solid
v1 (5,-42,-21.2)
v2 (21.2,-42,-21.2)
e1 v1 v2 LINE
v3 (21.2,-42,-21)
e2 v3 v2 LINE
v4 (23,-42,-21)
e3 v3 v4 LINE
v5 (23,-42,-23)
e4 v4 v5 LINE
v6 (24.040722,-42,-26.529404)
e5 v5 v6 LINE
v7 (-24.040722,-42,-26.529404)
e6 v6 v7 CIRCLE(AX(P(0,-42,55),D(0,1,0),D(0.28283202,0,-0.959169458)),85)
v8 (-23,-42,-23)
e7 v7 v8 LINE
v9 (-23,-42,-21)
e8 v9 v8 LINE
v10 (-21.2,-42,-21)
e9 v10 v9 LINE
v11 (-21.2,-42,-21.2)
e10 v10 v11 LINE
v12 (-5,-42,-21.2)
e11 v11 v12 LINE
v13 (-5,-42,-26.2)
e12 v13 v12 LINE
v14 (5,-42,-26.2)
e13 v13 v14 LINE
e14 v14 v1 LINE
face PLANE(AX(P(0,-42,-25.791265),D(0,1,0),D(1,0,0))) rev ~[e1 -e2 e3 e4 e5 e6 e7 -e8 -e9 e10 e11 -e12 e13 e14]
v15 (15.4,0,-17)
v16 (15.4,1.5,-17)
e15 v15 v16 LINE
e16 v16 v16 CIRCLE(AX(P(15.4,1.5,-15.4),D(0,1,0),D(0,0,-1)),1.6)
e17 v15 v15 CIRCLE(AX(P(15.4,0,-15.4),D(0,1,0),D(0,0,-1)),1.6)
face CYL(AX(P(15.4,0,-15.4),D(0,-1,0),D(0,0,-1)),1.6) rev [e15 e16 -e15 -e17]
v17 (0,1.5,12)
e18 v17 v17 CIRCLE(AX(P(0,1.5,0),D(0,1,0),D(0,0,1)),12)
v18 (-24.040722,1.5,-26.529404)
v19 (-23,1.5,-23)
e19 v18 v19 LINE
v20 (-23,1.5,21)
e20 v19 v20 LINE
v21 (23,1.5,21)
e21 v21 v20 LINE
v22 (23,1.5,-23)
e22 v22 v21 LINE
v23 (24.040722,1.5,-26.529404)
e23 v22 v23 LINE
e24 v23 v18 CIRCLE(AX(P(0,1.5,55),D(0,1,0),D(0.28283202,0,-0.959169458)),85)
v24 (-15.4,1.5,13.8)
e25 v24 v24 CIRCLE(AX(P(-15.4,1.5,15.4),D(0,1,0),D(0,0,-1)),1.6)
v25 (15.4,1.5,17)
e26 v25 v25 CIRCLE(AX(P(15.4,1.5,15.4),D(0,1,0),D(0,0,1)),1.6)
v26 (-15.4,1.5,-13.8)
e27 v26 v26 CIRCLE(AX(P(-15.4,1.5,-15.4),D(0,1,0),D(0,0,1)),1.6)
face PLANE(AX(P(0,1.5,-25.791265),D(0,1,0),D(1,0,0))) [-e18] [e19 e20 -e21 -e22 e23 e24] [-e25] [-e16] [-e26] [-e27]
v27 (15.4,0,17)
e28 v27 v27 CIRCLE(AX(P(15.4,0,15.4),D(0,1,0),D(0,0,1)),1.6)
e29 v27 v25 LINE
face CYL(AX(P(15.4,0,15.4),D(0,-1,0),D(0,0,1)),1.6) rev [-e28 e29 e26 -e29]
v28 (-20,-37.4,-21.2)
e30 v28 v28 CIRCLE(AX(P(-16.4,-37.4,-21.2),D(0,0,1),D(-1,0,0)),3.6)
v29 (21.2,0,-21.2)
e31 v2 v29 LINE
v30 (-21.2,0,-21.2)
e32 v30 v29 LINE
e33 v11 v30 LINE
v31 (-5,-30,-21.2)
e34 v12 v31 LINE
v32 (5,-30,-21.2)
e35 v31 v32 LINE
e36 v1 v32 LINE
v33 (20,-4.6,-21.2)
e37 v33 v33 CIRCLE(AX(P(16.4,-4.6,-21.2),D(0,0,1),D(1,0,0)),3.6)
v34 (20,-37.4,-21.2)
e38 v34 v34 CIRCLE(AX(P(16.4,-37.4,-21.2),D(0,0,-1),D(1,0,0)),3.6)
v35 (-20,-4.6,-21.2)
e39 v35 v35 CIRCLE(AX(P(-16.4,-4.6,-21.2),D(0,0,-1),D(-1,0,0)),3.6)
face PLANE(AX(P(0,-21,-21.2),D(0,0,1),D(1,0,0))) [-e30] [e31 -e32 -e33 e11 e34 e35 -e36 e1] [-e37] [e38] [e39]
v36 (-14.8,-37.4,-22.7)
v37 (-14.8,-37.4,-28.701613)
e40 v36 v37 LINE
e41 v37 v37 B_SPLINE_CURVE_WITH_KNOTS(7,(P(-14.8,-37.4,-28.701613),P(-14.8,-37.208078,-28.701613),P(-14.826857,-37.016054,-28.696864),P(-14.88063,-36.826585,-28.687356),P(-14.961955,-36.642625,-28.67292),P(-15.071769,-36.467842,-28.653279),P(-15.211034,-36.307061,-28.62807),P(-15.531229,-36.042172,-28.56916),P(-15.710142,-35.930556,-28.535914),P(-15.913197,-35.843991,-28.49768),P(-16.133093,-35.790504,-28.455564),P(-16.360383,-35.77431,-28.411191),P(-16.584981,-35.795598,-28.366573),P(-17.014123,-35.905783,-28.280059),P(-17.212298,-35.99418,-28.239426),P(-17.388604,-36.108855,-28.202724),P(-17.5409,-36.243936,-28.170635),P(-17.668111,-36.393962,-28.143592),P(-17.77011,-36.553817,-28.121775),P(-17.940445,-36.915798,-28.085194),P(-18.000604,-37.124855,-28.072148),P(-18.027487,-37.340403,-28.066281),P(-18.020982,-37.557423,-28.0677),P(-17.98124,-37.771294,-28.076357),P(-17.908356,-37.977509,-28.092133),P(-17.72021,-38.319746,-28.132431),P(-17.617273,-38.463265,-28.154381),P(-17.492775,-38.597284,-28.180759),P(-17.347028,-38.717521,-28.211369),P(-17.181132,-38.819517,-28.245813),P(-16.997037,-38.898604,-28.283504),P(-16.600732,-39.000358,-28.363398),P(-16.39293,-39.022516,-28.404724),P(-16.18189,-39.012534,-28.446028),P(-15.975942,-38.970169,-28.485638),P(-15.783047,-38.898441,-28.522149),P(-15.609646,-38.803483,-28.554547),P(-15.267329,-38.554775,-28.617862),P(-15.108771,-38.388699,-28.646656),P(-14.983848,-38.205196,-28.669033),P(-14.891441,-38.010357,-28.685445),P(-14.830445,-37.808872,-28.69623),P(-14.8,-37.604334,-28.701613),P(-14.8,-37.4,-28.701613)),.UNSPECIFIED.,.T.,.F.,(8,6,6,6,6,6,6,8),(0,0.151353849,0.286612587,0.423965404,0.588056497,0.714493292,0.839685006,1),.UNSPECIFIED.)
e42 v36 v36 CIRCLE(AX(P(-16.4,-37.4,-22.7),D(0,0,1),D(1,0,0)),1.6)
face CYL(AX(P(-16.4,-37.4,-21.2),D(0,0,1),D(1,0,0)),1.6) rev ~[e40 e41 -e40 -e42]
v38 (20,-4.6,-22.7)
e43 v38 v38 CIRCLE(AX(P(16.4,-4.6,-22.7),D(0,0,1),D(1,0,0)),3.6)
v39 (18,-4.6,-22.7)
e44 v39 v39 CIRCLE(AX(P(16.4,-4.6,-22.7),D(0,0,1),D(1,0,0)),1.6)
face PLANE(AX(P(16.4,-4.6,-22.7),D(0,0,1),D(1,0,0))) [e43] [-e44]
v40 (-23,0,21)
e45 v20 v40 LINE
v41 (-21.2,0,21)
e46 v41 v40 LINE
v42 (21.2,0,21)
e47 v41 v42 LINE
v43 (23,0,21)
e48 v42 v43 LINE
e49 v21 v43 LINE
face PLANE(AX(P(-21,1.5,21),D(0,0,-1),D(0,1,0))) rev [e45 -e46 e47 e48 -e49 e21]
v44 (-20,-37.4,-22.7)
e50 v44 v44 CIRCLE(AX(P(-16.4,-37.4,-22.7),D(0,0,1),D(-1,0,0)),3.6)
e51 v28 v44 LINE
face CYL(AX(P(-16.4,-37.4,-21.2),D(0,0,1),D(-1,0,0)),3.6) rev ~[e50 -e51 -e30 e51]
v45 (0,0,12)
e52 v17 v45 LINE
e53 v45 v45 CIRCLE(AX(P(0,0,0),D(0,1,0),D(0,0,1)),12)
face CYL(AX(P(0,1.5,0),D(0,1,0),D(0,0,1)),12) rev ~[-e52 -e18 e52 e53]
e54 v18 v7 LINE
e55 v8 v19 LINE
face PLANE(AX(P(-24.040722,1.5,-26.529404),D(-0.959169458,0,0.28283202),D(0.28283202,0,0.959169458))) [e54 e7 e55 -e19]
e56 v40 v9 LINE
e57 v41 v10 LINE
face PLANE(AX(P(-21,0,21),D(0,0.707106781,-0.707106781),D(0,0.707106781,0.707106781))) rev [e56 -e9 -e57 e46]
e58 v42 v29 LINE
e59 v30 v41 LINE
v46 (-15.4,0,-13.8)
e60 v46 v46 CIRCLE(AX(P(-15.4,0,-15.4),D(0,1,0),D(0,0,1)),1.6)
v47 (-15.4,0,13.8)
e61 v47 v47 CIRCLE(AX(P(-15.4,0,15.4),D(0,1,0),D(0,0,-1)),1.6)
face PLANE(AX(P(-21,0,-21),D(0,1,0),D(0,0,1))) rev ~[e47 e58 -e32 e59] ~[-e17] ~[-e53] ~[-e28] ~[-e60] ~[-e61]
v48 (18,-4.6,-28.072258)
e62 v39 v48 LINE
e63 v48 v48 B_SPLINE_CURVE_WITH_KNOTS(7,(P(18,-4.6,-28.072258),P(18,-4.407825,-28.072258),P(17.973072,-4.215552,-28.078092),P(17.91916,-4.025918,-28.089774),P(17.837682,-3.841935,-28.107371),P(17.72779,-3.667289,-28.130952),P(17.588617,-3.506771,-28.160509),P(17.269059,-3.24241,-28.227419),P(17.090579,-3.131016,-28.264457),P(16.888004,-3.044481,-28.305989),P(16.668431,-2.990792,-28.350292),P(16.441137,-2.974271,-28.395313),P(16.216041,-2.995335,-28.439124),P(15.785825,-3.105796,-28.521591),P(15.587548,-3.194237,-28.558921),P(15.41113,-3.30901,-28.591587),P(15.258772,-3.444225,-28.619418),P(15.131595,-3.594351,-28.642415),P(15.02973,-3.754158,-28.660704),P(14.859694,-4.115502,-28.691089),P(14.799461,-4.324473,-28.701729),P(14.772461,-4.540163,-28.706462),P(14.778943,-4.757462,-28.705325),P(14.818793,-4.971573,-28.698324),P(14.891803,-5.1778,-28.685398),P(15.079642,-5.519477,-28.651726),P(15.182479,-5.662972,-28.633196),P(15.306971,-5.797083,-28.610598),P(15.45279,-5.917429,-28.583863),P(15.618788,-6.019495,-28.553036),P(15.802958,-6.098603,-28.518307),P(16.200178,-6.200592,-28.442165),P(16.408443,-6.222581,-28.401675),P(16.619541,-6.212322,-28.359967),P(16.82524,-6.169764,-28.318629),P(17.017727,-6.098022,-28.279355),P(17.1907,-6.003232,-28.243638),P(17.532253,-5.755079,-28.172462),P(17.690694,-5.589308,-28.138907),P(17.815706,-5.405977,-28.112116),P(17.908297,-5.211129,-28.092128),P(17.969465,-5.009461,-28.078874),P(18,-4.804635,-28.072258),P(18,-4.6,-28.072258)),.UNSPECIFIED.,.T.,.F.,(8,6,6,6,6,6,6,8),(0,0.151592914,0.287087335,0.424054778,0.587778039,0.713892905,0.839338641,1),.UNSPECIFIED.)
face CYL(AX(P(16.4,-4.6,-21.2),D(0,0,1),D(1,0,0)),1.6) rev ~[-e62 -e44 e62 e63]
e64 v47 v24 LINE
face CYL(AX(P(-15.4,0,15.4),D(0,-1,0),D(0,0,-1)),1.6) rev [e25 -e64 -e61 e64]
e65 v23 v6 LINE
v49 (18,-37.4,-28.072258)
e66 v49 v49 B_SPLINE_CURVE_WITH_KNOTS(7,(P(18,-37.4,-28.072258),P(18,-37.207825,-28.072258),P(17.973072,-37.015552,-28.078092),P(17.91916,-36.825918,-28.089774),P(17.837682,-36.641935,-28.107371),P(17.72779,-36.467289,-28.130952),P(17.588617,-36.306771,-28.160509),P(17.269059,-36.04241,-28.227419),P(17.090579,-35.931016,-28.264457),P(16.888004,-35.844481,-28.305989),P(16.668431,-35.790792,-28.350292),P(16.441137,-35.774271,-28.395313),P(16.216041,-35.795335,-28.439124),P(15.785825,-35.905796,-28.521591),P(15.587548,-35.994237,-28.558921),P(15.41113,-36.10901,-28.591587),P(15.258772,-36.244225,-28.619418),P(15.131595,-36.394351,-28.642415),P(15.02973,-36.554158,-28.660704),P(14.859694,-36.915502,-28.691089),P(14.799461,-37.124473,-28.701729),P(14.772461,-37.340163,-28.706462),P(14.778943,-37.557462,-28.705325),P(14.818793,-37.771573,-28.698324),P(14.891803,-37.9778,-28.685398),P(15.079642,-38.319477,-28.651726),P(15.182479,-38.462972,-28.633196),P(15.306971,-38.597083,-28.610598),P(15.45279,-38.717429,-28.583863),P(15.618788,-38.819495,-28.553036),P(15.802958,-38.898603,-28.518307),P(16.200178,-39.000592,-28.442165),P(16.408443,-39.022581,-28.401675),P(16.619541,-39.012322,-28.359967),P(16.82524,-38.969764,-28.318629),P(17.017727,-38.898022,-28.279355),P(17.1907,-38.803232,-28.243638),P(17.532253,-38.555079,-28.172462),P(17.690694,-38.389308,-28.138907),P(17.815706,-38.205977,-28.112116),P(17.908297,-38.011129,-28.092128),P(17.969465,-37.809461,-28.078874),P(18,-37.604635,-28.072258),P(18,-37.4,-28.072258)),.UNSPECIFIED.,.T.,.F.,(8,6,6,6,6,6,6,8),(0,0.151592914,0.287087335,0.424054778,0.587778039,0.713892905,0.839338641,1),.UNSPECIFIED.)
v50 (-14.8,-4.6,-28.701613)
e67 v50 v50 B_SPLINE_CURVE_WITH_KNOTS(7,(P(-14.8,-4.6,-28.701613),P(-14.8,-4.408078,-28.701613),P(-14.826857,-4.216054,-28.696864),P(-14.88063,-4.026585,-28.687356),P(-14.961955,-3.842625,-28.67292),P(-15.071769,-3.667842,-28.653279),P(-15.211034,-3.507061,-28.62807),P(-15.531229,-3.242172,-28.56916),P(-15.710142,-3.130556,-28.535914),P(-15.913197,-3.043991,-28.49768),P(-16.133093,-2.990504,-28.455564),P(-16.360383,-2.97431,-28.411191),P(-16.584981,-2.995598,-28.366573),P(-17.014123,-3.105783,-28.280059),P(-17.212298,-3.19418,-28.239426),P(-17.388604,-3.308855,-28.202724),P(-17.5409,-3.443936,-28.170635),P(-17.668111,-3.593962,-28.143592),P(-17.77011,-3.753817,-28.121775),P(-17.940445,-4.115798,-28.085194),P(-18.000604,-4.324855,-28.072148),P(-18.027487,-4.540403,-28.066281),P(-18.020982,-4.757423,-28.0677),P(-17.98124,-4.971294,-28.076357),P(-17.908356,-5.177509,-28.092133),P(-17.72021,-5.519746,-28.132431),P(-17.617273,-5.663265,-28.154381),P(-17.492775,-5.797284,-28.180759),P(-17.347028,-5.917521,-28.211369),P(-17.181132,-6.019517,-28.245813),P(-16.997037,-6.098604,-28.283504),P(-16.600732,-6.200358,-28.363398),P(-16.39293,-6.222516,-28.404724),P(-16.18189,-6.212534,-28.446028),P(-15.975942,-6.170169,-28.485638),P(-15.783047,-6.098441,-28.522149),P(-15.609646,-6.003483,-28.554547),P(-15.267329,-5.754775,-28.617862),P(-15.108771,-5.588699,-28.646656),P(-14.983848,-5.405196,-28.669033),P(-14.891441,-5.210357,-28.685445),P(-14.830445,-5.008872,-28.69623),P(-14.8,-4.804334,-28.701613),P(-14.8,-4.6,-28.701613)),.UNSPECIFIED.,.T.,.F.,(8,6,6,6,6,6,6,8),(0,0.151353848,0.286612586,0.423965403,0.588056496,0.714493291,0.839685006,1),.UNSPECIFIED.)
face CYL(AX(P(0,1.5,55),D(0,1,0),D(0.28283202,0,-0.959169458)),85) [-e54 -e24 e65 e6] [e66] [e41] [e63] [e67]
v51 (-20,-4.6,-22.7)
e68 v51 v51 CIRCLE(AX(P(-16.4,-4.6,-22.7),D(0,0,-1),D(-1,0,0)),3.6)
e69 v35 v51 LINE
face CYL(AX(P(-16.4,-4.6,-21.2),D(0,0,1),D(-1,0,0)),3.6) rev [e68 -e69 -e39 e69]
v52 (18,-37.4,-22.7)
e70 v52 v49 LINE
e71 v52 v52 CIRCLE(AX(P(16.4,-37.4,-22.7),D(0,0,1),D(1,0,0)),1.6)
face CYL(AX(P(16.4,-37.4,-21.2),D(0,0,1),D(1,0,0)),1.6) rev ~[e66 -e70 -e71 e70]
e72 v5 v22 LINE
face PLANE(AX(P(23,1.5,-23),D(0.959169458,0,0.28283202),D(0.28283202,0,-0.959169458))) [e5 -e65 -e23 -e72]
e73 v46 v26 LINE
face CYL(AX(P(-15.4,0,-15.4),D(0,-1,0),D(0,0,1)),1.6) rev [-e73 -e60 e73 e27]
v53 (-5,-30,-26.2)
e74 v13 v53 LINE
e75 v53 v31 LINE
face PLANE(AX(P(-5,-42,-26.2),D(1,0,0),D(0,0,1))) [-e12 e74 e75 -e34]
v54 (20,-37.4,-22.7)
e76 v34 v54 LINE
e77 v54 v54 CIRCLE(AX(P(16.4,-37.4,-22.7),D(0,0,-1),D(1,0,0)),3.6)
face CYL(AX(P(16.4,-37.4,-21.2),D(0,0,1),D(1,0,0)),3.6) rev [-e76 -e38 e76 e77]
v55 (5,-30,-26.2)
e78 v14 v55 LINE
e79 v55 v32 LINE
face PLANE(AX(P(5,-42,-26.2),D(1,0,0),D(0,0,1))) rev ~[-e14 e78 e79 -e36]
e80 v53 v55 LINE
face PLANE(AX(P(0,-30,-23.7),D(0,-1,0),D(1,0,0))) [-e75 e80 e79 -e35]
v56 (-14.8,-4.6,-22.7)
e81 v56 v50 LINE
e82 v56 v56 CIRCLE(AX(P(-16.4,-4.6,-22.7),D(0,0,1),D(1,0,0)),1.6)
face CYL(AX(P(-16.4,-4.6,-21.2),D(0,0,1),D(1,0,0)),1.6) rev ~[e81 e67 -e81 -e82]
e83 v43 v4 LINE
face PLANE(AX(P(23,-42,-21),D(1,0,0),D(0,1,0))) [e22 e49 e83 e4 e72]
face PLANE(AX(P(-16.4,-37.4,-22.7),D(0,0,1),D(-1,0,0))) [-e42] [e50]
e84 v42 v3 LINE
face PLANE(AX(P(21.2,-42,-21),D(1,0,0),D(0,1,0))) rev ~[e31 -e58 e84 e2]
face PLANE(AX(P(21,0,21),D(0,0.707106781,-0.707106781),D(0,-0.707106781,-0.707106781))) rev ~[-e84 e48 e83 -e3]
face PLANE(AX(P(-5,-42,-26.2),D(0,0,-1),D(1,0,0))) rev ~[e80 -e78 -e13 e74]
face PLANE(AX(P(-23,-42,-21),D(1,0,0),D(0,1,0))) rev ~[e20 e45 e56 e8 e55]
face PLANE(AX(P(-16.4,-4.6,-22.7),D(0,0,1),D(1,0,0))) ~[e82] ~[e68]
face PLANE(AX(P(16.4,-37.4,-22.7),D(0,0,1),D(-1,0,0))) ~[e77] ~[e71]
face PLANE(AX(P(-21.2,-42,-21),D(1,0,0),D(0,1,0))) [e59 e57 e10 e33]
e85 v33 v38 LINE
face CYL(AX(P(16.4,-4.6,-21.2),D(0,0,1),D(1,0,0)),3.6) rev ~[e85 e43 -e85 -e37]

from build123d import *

# Parameters (mm, degrees)
SKETCH4_W                                  = 42
SKETCH4_H                                  = 42
SKETCH4_R                                  = 1.6
BOSS_EXTRUDE1_DEPTH                        = 1.5
SKETCH5_R                                  = 12
CUT_EXTRUDE1_DEPTH                         = 30.736341402
BOSS_EXTRUDE2_DEPTH                        = 2
SKETCH7_W                                  = 46
SKETCH7_H                                  = 43.5
BOSS_EXTRUDE3_DEPTH                        = 2
CUT_EXTRUDE2_DEPTH                         = 0.2
SKETCH9_W                                  = 42.4
SKETCH9_H                                  = 42
CUT_EXTRUDE3_DEPTH                         = 0.2
BOSS_EXTRUDE4_DEPTH                        = 43.5
SKETCH16_W                                 = 10
SKETCH16_H                                 = 5
CUT_EXTRUDE6_DEPTH                         = 12
SKETCH12_R                                 = 1.6
CUT_EXTRUDE8_DEPTH                         = 65.209004806
SKETCH18_R                                 = 3.6
CUT_EXTRUDE9_DEPTH                         = 1.5
MIRROR7_AT_THE_SECOND_PLANE_COPY_1_SKETC_R = 3.6
MIRROR7_AT_THE_SECOND_PLANE_COPY_1_DEPTH   = 1.5
CUT_EXTRUDE10_REACH                        = 66.209
CUT_EXTRUDE10_END_RADIUS                   = 85
SKETCH22_R                                 = 1.6


with BuildPart() as part:
    # Sketch4 → Boss-Extrude1 (new body)
    with BuildSketch(Plane(origin=(0, 0, 0), x_dir=(1, 0, 0), z_dir=(0, 1, 0))):
        Rectangle(SKETCH4_W, SKETCH4_H)
        with Locations(Location((-15.4, 15.4, 0), (0, 0, 270))):
            Circle(SKETCH4_R, mode=Mode.SUBTRACT)
        with Locations(Location((15.4, 15.4, 0), (0, 0, 90))):
            Circle(SKETCH4_R, mode=Mode.SUBTRACT)
        with Locations(Location((15.4, -15.4, 0), (0, 0, 270))):
            Circle(SKETCH4_R, mode=Mode.SUBTRACT)
        with Locations(Location((-15.4, -15.4, 0), (0, 0, 90))):
            Circle(SKETCH4_R, mode=Mode.SUBTRACT)
    extrude(amount=BOSS_EXTRUDE1_DEPTH)

    # Sketch5 → Cut-Extrude1 (cut, through all)
    with BuildSketch(Plane(origin=(0, 1.5, 0), x_dir=(1, 0, 0), z_dir=(0, 1, 0))):
        with Locations(Location((0, 0, 0), (0, 0, 270))):
            Circle(SKETCH5_R)
    extrude(amount=-CUT_EXTRUDE1_DEPTH, mode=Mode.SUBTRACT)

    # Sketch6 → Boss-Extrude2 (add)
    with BuildSketch(Plane(origin=(21, 0, 0), x_dir=(0, 0, -1), z_dir=(1, 0, 0))):
        Polygon((-21, 0), (21, -42), (21, 0), (21, 1.5), (-21, 1.5), align=None)
    boss_extrude2 = extrude(amount=BOSS_EXTRUDE2_DEPTH)

    # Mirror1: Boss-Extrude2 across plane
    add(boss_extrude2.mirror(Plane(origin=(0, 0, 0), x_dir=(0, 0, 1), z_dir=(1, 0, 0))))

    # Sketch7 → Boss-Extrude3 (add)
    with BuildSketch(Plane(origin=(0, 0, -21), x_dir=(-1, 0, 0), z_dir=(0, 0, -1))):
        with Locations((0, -20.25)):
            Rectangle(SKETCH7_W, SKETCH7_H)
    extrude(amount=BOSS_EXTRUDE3_DEPTH)

    # Sketch8 → Cut-Extrude2 (cut)
    with BuildSketch(Plane(origin=(-21, 0, 0), x_dir=(0, 0, -1), z_dir=(1, 0, 0))):
        Polygon((-21, 0), (21, -42), (21, 0), align=None)
    cut_extrude2 = extrude(amount=-CUT_EXTRUDE2_DEPTH, mode=Mode.SUBTRACT)

    # Mirror2: Cut-Extrude2 across plane
    add(cut_extrude2.mirror(Plane(origin=(0, 0, 0), x_dir=(0, 0, 1), z_dir=(1, 0, 0))), mode=Mode.SUBTRACT)

    # Sketch9 → Cut-Extrude3 (cut)
    with BuildSketch(Plane.XY.offset(-21)):
        with Locations((0, -21)):
            Rectangle(SKETCH9_W, SKETCH9_H)
    extrude(amount=-CUT_EXTRUDE3_DEPTH, mode=Mode.SUBTRACT)

    # Sketch14 → Boss-Extrude4 (add)
    with BuildSketch(Plane(origin=(0, 1.5, 0), x_dir=(1, 0, 0), z_dir=(0, 1, 0))):
        with BuildLine():
            Line((-23, 23), (23, 23))
            Line((23, 23), (24.040721666, 26.529403909))
            ThreePointArc((24.040721666, 26.529403909), (0, 30), (-24.040721666, 26.529403909))
            Line((-24.040721666, 26.529403909), (-23, 23))
        make_face()
    extrude(amount=-BOSS_EXTRUDE4_DEPTH)

    # Sketch16 → Cut-Extrude6 (cut)
    with BuildSketch(Plane.XZ.offset(42)):
        with Locations((0, -23.7)):
            Rectangle(SKETCH16_W, SKETCH16_H)
    extrude(amount=-CUT_EXTRUDE6_DEPTH, mode=Mode.SUBTRACT)

    # Sketch12 → Cut-Extrude8 (cut, through all)
    with BuildSketch(Plane.XY.offset(-21.2)):
        with Locations((16.4, -4.6)):
            Circle(SKETCH12_R)
    extrude(amount=-CUT_EXTRUDE8_DEPTH, mode=Mode.SUBTRACT)

    # Sketch18 → Cut-Extrude9 (cut)
    with BuildSketch(Plane.XY.offset(-21.2)):
        with Locations((16.4, -4.6)):
            Circle(SKETCH18_R)
    cut_extrude9 = extrude(amount=-CUT_EXTRUDE9_DEPTH, mode=Mode.SUBTRACT)

    # Mirror7: Cut-Extrude9 across plane
    add(cut_extrude9.mirror(Plane(origin=(0, -21, 0), x_dir=(0, 0, 1), z_dir=(0, -1, 0))), mode=Mode.SUBTRACT)

    # Mirror7 at the second plane: Cut-Extrude9 across plane
    add(cut_extrude9.mirror(Plane(origin=(0, 0, 0), x_dir=(0, 0, 1), z_dir=(1, 0, 0))), mode=Mode.SUBTRACT)

    # Mirror7 at the second plane copy 1 sketc → Mirror7 at the second plane copy 1 (cut)
    with BuildSketch(Plane(origin=(0, -42, -21.2), x_dir=(-1, 0, 0), z_dir=(0, 0, 1))):
        with Locations((16.4, -4.6)):
            Circle(MIRROR7_AT_THE_SECOND_PLANE_COPY_1_SKETC_R)
    extrude(amount=-MIRROR7_AT_THE_SECOND_PLANE_COPY_1_DEPTH, mode=Mode.SUBTRACT)

    # Cut-Extrude10: up to this cylinder (the profile starts inside it)
    cut_extrude10_end = Plane(origin=(0, -21, 55), z_dir=(0, 1, 0)) * Cylinder(CUT_EXTRUDE10_END_RADIUS, 336.218, mode=Mode.PRIVATE)
    # Sketch22 → Cut-Extrude10 (cut, up to the surface)
    with BuildSketch(Plane.XY.offset(-21.2), mode=Mode.PRIVATE) as cut_extrude10_sk1:
        with Locations((-16.4, -37.4)):
            Circle(SKETCH22_R)
    cut_extrude10_tool1 = extrude(cut_extrude10_sk1.sketch, amount=-CUT_EXTRUDE10_REACH, mode=Mode.PRIVATE) & cut_extrude10_end
    add(cut_extrude10_tool1.solids().sort_by_distance((-16.4, -37.4, -21.2))[0], mode=Mode.SUBTRACT)
    # Sketch22 → Cut-Extrude10 (cut, up to the surface)
    with BuildSketch(Plane.XY.offset(-21.2), mode=Mode.PRIVATE) as cut_extrude10_sk2:
        with Locations((-16.4, -4.6)):
            Circle(SKETCH22_R)
    cut_extrude10_tool2 = extrude(cut_extrude10_sk2.sketch, amount=-CUT_EXTRUDE10_REACH, mode=Mode.PRIVATE) & cut_extrude10_end
    add(cut_extrude10_tool2.solids().sort_by_distance((-16.4, -4.6, -21.2))[0], mode=Mode.SUBTRACT)
    # Sketch22 → Cut-Extrude10 (cut, up to the surface)
    with BuildSketch(Plane.XY.offset(-21.2), mode=Mode.PRIVATE) as cut_extrude10_sk3:
        with Locations((16.4, -37.4)):
            Circle(SKETCH22_R)
    cut_extrude10_tool3 = extrude(cut_extrude10_sk3.sketch, amount=-CUT_EXTRUDE10_REACH, mode=Mode.PRIVATE) & cut_extrude10_end
    add(cut_extrude10_tool3.solids().sort_by_distance((16.4, -37.4, -21.2))[0], mode=Mode.SUBTRACT)


solid = part.part
